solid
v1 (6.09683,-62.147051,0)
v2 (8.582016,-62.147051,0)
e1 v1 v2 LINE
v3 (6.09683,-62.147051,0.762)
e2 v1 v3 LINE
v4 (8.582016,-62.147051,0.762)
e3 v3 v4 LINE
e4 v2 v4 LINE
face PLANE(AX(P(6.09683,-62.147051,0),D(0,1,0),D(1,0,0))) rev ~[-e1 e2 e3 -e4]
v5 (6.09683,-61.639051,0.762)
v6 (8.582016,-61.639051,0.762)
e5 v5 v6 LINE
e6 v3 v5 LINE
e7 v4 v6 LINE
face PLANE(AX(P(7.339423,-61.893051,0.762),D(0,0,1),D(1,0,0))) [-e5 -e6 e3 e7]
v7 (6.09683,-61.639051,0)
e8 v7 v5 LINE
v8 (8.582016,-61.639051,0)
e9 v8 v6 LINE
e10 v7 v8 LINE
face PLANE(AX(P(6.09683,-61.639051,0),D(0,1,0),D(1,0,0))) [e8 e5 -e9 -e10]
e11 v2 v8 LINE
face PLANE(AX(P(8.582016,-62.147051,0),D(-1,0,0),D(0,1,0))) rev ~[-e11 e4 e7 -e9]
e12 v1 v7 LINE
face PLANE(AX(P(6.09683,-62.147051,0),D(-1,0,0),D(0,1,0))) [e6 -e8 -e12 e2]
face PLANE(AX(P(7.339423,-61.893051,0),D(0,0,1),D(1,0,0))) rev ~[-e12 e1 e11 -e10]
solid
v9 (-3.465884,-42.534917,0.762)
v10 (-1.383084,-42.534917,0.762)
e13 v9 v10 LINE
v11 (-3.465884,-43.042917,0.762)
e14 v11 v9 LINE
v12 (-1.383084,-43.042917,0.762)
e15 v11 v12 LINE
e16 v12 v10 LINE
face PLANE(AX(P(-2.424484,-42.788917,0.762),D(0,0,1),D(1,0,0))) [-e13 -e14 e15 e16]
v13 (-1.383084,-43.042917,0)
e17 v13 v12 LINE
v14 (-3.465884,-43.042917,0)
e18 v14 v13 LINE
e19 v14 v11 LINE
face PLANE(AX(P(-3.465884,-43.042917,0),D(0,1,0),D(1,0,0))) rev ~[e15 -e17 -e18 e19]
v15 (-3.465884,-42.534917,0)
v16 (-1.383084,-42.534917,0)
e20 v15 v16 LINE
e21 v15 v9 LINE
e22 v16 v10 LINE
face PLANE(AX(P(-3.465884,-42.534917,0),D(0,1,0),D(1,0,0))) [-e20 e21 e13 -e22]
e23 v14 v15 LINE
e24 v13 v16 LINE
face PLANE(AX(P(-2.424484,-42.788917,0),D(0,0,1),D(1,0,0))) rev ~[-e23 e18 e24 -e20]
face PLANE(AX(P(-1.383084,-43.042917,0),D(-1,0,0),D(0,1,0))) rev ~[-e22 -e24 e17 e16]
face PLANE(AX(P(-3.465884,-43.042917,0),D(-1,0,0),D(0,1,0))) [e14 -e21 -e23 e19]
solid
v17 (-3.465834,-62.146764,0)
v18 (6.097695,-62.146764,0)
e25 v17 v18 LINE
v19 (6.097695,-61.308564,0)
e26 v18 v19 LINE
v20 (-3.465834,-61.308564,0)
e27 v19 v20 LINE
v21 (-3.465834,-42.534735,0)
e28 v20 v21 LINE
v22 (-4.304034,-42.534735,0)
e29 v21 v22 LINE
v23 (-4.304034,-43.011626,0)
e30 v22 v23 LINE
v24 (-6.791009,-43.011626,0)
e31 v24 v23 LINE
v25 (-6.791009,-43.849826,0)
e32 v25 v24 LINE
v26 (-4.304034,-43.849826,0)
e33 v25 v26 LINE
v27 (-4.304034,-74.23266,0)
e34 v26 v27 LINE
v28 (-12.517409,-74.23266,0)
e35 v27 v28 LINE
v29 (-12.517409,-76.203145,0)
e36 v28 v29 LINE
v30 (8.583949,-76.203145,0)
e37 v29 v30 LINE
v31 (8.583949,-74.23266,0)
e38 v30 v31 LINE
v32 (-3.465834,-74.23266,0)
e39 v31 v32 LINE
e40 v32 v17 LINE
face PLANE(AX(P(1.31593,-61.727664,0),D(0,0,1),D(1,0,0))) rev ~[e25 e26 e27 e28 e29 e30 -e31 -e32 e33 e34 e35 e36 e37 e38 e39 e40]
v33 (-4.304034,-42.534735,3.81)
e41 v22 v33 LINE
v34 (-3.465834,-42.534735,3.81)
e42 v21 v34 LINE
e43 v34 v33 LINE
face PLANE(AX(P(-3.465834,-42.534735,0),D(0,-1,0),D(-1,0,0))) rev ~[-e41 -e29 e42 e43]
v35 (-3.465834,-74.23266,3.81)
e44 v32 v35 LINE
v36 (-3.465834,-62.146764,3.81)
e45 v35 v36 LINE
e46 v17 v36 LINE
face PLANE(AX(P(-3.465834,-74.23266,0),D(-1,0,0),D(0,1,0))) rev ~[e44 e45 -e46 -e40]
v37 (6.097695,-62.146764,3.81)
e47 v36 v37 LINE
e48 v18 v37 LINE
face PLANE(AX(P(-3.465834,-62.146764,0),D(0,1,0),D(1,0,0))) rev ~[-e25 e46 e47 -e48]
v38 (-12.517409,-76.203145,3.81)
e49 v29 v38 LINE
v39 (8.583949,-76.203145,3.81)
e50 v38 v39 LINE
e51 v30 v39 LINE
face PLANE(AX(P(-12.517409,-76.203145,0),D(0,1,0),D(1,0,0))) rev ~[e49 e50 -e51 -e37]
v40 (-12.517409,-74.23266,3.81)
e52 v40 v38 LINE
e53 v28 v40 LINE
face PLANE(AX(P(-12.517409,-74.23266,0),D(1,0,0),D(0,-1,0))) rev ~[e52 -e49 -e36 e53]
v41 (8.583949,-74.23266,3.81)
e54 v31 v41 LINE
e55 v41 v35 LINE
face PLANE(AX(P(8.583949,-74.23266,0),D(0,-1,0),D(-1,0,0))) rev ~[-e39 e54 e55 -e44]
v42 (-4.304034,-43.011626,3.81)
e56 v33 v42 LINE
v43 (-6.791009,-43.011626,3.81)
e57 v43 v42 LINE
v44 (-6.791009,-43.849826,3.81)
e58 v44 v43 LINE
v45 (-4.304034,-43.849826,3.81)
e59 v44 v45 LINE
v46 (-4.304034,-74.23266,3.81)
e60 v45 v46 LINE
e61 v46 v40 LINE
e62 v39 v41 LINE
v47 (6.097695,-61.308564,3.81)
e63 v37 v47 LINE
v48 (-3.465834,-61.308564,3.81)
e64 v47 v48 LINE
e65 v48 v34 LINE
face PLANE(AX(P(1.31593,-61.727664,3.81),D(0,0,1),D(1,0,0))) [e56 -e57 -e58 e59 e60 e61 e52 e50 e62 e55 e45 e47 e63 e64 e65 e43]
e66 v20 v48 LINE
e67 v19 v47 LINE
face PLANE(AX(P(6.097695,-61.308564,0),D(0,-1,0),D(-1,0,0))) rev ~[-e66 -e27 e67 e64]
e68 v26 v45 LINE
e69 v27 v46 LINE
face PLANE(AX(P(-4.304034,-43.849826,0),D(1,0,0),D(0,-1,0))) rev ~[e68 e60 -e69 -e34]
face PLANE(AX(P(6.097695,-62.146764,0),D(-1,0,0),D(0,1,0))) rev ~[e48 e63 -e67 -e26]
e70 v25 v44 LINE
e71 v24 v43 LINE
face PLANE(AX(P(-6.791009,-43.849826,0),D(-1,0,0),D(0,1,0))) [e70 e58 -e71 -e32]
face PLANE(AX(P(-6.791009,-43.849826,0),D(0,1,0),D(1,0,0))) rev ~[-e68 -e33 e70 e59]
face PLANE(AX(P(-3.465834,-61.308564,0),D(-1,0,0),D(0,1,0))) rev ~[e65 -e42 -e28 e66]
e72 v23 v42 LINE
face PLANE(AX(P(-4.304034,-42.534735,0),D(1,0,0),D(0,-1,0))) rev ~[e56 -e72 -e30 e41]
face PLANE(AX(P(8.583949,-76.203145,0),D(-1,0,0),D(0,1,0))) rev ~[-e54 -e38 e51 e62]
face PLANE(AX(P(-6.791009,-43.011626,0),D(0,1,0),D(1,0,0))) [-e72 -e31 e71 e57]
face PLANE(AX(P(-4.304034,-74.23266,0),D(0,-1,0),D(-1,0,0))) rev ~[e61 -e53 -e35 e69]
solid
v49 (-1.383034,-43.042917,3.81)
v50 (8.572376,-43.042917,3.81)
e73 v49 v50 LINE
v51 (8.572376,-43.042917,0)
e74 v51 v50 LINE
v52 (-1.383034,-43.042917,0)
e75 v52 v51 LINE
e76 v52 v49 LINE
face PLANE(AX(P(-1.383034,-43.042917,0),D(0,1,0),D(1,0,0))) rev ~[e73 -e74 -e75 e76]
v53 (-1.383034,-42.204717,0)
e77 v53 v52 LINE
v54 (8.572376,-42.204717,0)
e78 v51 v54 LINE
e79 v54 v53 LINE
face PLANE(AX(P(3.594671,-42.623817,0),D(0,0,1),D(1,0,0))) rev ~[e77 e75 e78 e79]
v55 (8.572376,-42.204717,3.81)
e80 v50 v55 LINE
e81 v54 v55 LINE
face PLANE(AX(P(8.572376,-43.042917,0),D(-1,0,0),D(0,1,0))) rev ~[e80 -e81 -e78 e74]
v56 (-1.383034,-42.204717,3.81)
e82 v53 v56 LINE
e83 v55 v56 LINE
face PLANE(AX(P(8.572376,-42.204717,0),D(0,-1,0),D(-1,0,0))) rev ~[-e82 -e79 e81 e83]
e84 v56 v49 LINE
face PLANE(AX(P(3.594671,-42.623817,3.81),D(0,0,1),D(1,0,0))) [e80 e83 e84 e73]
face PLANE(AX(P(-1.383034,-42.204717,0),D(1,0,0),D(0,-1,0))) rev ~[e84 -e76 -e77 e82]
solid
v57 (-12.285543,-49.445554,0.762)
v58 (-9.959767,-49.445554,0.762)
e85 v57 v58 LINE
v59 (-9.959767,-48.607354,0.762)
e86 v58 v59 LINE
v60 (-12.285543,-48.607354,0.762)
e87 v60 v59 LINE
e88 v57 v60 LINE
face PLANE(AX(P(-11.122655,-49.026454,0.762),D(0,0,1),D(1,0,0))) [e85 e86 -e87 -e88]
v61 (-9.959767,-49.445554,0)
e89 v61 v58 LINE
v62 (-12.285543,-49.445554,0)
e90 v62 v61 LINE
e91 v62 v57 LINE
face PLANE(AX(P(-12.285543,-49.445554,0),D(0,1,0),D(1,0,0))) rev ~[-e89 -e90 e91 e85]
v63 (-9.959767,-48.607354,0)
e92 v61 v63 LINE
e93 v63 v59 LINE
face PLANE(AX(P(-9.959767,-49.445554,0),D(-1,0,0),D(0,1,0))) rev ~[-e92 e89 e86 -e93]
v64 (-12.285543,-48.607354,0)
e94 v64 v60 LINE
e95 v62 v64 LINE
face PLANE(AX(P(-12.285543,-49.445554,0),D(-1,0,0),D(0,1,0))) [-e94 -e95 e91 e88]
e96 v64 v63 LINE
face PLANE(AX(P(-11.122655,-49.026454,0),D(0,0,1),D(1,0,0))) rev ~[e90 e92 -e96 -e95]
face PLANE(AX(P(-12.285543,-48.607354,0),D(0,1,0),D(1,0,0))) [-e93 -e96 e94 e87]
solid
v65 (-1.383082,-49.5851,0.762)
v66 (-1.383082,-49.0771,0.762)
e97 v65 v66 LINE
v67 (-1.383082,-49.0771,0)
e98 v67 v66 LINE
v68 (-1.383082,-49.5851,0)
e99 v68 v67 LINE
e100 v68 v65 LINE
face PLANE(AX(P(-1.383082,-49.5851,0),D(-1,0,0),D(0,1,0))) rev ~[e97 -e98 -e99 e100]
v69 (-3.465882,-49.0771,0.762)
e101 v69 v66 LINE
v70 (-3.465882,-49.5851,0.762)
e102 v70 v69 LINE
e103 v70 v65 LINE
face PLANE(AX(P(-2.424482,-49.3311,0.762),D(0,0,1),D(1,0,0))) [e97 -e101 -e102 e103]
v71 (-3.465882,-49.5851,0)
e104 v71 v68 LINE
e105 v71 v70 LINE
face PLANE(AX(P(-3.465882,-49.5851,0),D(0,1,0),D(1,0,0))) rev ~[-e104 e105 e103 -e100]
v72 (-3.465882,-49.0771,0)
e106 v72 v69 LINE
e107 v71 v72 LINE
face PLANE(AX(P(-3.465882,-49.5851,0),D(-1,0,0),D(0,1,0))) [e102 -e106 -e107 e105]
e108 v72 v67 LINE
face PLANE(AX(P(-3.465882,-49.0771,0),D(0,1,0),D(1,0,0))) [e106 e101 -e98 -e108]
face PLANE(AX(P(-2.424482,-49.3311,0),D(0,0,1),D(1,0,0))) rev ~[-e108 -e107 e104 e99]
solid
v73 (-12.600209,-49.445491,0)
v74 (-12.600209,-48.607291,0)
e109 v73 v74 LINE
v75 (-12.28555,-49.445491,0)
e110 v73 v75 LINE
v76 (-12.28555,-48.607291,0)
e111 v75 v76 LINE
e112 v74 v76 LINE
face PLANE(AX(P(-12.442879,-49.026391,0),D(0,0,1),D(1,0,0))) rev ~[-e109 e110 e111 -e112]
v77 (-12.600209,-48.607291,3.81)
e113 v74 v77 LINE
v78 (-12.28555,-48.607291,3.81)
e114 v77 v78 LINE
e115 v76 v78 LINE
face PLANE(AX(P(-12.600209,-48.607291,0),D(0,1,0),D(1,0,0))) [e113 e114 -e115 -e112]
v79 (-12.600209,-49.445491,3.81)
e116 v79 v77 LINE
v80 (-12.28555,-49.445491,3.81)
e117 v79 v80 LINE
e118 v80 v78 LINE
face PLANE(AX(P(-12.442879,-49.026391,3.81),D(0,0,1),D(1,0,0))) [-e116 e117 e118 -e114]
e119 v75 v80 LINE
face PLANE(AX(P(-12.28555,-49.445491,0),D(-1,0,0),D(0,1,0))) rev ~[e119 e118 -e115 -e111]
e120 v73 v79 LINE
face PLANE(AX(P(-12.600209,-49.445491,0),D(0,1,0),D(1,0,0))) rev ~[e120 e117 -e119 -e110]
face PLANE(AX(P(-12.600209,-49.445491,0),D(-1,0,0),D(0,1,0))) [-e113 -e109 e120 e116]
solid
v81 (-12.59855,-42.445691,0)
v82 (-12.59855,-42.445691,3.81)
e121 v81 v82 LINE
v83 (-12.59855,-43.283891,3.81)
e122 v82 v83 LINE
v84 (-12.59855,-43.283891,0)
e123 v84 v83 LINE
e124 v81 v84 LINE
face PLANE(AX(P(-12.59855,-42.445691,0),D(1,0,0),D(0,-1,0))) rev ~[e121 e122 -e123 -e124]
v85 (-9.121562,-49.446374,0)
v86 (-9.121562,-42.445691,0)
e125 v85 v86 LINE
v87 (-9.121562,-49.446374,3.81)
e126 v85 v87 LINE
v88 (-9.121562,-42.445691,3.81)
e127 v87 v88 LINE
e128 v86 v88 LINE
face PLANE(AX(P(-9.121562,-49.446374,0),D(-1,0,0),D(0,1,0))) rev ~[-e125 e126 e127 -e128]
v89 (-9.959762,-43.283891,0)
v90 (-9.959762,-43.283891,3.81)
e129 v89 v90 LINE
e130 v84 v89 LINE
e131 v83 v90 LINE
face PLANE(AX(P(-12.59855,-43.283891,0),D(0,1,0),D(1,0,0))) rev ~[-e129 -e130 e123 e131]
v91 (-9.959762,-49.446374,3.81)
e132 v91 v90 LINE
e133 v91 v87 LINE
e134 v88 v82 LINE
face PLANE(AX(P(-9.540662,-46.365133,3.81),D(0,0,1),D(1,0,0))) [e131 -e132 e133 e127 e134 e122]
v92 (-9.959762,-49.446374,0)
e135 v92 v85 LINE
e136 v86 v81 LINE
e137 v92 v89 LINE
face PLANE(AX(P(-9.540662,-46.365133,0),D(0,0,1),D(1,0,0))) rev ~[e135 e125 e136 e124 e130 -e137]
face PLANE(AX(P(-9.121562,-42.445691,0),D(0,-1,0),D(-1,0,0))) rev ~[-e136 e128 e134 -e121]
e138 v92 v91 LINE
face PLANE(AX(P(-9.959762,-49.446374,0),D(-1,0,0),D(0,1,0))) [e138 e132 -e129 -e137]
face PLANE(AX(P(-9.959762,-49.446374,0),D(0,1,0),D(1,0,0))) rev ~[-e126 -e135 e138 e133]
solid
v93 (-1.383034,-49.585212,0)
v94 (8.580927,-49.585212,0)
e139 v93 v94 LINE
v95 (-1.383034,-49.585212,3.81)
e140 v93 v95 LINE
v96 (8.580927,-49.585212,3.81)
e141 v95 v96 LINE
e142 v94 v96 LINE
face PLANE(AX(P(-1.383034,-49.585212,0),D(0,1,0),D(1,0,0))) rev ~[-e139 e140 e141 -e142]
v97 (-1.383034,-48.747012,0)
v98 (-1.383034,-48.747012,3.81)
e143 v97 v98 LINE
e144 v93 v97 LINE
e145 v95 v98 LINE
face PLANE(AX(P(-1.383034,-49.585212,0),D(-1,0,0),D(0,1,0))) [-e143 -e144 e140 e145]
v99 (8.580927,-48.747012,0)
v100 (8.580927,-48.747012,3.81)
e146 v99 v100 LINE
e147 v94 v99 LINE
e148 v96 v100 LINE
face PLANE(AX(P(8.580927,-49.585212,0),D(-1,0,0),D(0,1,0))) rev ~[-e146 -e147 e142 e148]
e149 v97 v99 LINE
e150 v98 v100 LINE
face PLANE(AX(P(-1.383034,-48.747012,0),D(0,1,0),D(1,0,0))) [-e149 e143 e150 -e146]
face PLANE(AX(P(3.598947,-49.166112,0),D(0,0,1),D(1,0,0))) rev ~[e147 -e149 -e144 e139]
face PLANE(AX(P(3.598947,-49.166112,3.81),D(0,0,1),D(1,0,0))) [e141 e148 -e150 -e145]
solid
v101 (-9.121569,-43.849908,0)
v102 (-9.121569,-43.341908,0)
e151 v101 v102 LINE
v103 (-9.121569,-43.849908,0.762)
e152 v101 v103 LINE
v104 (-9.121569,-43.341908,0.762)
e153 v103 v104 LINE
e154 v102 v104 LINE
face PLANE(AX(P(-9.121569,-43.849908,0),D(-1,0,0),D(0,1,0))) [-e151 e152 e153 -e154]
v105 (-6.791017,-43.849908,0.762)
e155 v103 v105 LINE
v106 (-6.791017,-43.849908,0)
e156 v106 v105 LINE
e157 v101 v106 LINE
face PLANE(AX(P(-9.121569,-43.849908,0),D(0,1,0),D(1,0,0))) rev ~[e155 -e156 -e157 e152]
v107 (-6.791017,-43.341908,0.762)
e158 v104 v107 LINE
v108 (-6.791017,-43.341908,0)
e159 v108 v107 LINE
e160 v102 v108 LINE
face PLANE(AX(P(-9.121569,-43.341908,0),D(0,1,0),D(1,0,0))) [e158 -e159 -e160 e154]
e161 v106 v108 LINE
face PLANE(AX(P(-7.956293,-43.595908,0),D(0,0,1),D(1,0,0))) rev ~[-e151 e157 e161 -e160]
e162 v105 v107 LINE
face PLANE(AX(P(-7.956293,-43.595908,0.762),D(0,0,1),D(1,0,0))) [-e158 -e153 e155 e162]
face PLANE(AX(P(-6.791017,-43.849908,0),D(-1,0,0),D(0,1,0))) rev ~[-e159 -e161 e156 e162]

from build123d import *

# Parameters (mm, degrees)
F0_W     = 9.5635297272
F0_H     = 0.8382
F0_W_2   = 0.013438423
F0_W_3   = 0.8382
F0_H_2   = 1.9130930305
F0_W_4   = 2.4869742338
F1_DEPTH = 3.81
F0_W_5   = 9.9639619002
F0_W_6   = 0.3146585077
F0_H_3   = 6.1624832451
F2_W     = 2.3257764
F2_H     = 0.8382
F3_DEPTH = 0.762
F2_W_2   = 2.3305516
F2_H_2   = 0.508
F2_W_3   = 2.0828
F2_W_4   = 2.4851868


with BuildPart() as f1:
    # F0 (on Top) → F1 (new body)
    with BuildSketch(Plane.XY):
        with Locations((1.315930461, -61.7276642486)):
            Rectangle(F0_W, F0_H)
        with Locations((-3.4725536141, -61.7276642486)):
            Rectangle(F0_W_2, F0_H)
        Polygon((-3.4792728256, -61.3085642486), (-3.4658344026, -61.3085642486), (-3.4658344026, -42.5347350538), (-4.3040344026, -42.5347350538), (-4.3040344026, -43.0116258591), (-4.3040344026, -43.8498258591), (-4.3040344026, -74.232660234), (-3.4658344026, -74.232660234), (-3.4658344026, -62.1467642486), (-3.4792728256, -62.1467642486), align=None)
        Polygon((8.5839493171, -74.232660234), (-3.4658344026, -74.232660234), (-3.4658344026, -76.1457532644), (-4.3040344026, -76.1457532644), (-4.3040344026, -74.232660234), (-12.5174090295, -74.232660234), (-12.5174090295, -76.2031450868), (8.5839493171, -76.2031450868), align=None)
        with Locations((-3.8849344026, -75.1892067492)):
            Rectangle(F0_W_3, F0_H_2)
        with Locations((-5.5475215195, -43.4307258591)):
            Rectangle(F0_W_4, F0_H)
    extrude(amount=F1_DEPTH)


with BuildPart() as f1b:
    # F0 (on Top) → F1, piece 2 (new body)
    with BuildSketch(Plane.XY):
        with Locations((3.5989465475, -49.1661120221)):
            Rectangle(F0_W_5, F0_H)
    extrude(amount=F1_DEPTH)


with BuildPart() as f1c:
    # F0 (on Top) → F1, piece 3 (new body)
    with BuildSketch(Plane.XY):
        Polygon((8.5711954095, -42.2047168046), (-1.3830344026, -42.2047168046), (-1.3830344026, -43.0429168046), (8.5723763266, -43.0429168046), (8.5723763266, -42.2047168046), align=None)
    extrude(amount=F1_DEPTH)


with BuildPart() as f1d:
    # F0 (on Top) → F1, piece 4 (new body)
    with BuildSketch(Plane.XY):
        with Locations((-12.4428793788, -49.0263912841)):
            Rectangle(F0_W_6, F0_H)
    extrude(amount=F1_DEPTH)


with BuildPart() as f1e:
    # F0 (on Top) → F1, piece 5 (new body)
    with BuildSketch(Plane.XY):
        with Locations((-9.5406619846, -46.3651325554)):
            Rectangle(F0_W_3, F0_H_3)
        Polygon((-9.9597619846, -43.2838909328), (-9.1215619846, -43.2838909328), (-9.1215619846, -42.4456909328), (-12.5985499471, -42.4456909328), (-12.5985499471, -43.2838909328), align=None)
    extrude(amount=F1_DEPTH)


with BuildPart() as f3:
    # F2 (on Top) → F3 (new body)
    with BuildSketch(Plane.XY):
        with Locations((-11.1226551235, -49.0264538689)):
            Rectangle(F2_W, F2_H)
    extrude(amount=F3_DEPTH)


with BuildPart() as f3b:
    # F2 (on Top) → F3, piece 2 (new body)
    with BuildSketch(Plane.XY):
        with Locations((-7.9562930735, -43.5959078155)):
            Rectangle(F2_W_2, F2_H_2)
    extrude(amount=F3_DEPTH)


with BuildPart() as f3c:
    # F2 (on Top) → F3, piece 3 (new body)
    with BuildSketch(Plane.XY):
        with Locations((-2.4244838995, -42.7889168046)):
            Rectangle(F2_W_3, F2_H_2)
    extrude(amount=F3_DEPTH)


with BuildPart() as f3d:
    # F2 (on Top) → F3, piece 4 (new body)
    with BuildSketch(Plane.XY):
        with Locations((-2.424481804, -49.3311002634)):
            Rectangle(F2_W_3, F2_H_2)
    extrude(amount=F3_DEPTH)


with BuildPart() as f3e:
    # F2 (on Top) → F3, piece 5 (new body)
    with BuildSketch(Plane.XY):
        with Locations((7.3394230602, -61.893051096)):
            Rectangle(F2_W_4, F2_H_2)
    extrude(amount=F3_DEPTH)


solid = Compound([f1.part, f1b.part, f1c.part, f1d.part, f1e.part, f3.part, f3b.part, f3c.part, f3d.part, f3e.part])
